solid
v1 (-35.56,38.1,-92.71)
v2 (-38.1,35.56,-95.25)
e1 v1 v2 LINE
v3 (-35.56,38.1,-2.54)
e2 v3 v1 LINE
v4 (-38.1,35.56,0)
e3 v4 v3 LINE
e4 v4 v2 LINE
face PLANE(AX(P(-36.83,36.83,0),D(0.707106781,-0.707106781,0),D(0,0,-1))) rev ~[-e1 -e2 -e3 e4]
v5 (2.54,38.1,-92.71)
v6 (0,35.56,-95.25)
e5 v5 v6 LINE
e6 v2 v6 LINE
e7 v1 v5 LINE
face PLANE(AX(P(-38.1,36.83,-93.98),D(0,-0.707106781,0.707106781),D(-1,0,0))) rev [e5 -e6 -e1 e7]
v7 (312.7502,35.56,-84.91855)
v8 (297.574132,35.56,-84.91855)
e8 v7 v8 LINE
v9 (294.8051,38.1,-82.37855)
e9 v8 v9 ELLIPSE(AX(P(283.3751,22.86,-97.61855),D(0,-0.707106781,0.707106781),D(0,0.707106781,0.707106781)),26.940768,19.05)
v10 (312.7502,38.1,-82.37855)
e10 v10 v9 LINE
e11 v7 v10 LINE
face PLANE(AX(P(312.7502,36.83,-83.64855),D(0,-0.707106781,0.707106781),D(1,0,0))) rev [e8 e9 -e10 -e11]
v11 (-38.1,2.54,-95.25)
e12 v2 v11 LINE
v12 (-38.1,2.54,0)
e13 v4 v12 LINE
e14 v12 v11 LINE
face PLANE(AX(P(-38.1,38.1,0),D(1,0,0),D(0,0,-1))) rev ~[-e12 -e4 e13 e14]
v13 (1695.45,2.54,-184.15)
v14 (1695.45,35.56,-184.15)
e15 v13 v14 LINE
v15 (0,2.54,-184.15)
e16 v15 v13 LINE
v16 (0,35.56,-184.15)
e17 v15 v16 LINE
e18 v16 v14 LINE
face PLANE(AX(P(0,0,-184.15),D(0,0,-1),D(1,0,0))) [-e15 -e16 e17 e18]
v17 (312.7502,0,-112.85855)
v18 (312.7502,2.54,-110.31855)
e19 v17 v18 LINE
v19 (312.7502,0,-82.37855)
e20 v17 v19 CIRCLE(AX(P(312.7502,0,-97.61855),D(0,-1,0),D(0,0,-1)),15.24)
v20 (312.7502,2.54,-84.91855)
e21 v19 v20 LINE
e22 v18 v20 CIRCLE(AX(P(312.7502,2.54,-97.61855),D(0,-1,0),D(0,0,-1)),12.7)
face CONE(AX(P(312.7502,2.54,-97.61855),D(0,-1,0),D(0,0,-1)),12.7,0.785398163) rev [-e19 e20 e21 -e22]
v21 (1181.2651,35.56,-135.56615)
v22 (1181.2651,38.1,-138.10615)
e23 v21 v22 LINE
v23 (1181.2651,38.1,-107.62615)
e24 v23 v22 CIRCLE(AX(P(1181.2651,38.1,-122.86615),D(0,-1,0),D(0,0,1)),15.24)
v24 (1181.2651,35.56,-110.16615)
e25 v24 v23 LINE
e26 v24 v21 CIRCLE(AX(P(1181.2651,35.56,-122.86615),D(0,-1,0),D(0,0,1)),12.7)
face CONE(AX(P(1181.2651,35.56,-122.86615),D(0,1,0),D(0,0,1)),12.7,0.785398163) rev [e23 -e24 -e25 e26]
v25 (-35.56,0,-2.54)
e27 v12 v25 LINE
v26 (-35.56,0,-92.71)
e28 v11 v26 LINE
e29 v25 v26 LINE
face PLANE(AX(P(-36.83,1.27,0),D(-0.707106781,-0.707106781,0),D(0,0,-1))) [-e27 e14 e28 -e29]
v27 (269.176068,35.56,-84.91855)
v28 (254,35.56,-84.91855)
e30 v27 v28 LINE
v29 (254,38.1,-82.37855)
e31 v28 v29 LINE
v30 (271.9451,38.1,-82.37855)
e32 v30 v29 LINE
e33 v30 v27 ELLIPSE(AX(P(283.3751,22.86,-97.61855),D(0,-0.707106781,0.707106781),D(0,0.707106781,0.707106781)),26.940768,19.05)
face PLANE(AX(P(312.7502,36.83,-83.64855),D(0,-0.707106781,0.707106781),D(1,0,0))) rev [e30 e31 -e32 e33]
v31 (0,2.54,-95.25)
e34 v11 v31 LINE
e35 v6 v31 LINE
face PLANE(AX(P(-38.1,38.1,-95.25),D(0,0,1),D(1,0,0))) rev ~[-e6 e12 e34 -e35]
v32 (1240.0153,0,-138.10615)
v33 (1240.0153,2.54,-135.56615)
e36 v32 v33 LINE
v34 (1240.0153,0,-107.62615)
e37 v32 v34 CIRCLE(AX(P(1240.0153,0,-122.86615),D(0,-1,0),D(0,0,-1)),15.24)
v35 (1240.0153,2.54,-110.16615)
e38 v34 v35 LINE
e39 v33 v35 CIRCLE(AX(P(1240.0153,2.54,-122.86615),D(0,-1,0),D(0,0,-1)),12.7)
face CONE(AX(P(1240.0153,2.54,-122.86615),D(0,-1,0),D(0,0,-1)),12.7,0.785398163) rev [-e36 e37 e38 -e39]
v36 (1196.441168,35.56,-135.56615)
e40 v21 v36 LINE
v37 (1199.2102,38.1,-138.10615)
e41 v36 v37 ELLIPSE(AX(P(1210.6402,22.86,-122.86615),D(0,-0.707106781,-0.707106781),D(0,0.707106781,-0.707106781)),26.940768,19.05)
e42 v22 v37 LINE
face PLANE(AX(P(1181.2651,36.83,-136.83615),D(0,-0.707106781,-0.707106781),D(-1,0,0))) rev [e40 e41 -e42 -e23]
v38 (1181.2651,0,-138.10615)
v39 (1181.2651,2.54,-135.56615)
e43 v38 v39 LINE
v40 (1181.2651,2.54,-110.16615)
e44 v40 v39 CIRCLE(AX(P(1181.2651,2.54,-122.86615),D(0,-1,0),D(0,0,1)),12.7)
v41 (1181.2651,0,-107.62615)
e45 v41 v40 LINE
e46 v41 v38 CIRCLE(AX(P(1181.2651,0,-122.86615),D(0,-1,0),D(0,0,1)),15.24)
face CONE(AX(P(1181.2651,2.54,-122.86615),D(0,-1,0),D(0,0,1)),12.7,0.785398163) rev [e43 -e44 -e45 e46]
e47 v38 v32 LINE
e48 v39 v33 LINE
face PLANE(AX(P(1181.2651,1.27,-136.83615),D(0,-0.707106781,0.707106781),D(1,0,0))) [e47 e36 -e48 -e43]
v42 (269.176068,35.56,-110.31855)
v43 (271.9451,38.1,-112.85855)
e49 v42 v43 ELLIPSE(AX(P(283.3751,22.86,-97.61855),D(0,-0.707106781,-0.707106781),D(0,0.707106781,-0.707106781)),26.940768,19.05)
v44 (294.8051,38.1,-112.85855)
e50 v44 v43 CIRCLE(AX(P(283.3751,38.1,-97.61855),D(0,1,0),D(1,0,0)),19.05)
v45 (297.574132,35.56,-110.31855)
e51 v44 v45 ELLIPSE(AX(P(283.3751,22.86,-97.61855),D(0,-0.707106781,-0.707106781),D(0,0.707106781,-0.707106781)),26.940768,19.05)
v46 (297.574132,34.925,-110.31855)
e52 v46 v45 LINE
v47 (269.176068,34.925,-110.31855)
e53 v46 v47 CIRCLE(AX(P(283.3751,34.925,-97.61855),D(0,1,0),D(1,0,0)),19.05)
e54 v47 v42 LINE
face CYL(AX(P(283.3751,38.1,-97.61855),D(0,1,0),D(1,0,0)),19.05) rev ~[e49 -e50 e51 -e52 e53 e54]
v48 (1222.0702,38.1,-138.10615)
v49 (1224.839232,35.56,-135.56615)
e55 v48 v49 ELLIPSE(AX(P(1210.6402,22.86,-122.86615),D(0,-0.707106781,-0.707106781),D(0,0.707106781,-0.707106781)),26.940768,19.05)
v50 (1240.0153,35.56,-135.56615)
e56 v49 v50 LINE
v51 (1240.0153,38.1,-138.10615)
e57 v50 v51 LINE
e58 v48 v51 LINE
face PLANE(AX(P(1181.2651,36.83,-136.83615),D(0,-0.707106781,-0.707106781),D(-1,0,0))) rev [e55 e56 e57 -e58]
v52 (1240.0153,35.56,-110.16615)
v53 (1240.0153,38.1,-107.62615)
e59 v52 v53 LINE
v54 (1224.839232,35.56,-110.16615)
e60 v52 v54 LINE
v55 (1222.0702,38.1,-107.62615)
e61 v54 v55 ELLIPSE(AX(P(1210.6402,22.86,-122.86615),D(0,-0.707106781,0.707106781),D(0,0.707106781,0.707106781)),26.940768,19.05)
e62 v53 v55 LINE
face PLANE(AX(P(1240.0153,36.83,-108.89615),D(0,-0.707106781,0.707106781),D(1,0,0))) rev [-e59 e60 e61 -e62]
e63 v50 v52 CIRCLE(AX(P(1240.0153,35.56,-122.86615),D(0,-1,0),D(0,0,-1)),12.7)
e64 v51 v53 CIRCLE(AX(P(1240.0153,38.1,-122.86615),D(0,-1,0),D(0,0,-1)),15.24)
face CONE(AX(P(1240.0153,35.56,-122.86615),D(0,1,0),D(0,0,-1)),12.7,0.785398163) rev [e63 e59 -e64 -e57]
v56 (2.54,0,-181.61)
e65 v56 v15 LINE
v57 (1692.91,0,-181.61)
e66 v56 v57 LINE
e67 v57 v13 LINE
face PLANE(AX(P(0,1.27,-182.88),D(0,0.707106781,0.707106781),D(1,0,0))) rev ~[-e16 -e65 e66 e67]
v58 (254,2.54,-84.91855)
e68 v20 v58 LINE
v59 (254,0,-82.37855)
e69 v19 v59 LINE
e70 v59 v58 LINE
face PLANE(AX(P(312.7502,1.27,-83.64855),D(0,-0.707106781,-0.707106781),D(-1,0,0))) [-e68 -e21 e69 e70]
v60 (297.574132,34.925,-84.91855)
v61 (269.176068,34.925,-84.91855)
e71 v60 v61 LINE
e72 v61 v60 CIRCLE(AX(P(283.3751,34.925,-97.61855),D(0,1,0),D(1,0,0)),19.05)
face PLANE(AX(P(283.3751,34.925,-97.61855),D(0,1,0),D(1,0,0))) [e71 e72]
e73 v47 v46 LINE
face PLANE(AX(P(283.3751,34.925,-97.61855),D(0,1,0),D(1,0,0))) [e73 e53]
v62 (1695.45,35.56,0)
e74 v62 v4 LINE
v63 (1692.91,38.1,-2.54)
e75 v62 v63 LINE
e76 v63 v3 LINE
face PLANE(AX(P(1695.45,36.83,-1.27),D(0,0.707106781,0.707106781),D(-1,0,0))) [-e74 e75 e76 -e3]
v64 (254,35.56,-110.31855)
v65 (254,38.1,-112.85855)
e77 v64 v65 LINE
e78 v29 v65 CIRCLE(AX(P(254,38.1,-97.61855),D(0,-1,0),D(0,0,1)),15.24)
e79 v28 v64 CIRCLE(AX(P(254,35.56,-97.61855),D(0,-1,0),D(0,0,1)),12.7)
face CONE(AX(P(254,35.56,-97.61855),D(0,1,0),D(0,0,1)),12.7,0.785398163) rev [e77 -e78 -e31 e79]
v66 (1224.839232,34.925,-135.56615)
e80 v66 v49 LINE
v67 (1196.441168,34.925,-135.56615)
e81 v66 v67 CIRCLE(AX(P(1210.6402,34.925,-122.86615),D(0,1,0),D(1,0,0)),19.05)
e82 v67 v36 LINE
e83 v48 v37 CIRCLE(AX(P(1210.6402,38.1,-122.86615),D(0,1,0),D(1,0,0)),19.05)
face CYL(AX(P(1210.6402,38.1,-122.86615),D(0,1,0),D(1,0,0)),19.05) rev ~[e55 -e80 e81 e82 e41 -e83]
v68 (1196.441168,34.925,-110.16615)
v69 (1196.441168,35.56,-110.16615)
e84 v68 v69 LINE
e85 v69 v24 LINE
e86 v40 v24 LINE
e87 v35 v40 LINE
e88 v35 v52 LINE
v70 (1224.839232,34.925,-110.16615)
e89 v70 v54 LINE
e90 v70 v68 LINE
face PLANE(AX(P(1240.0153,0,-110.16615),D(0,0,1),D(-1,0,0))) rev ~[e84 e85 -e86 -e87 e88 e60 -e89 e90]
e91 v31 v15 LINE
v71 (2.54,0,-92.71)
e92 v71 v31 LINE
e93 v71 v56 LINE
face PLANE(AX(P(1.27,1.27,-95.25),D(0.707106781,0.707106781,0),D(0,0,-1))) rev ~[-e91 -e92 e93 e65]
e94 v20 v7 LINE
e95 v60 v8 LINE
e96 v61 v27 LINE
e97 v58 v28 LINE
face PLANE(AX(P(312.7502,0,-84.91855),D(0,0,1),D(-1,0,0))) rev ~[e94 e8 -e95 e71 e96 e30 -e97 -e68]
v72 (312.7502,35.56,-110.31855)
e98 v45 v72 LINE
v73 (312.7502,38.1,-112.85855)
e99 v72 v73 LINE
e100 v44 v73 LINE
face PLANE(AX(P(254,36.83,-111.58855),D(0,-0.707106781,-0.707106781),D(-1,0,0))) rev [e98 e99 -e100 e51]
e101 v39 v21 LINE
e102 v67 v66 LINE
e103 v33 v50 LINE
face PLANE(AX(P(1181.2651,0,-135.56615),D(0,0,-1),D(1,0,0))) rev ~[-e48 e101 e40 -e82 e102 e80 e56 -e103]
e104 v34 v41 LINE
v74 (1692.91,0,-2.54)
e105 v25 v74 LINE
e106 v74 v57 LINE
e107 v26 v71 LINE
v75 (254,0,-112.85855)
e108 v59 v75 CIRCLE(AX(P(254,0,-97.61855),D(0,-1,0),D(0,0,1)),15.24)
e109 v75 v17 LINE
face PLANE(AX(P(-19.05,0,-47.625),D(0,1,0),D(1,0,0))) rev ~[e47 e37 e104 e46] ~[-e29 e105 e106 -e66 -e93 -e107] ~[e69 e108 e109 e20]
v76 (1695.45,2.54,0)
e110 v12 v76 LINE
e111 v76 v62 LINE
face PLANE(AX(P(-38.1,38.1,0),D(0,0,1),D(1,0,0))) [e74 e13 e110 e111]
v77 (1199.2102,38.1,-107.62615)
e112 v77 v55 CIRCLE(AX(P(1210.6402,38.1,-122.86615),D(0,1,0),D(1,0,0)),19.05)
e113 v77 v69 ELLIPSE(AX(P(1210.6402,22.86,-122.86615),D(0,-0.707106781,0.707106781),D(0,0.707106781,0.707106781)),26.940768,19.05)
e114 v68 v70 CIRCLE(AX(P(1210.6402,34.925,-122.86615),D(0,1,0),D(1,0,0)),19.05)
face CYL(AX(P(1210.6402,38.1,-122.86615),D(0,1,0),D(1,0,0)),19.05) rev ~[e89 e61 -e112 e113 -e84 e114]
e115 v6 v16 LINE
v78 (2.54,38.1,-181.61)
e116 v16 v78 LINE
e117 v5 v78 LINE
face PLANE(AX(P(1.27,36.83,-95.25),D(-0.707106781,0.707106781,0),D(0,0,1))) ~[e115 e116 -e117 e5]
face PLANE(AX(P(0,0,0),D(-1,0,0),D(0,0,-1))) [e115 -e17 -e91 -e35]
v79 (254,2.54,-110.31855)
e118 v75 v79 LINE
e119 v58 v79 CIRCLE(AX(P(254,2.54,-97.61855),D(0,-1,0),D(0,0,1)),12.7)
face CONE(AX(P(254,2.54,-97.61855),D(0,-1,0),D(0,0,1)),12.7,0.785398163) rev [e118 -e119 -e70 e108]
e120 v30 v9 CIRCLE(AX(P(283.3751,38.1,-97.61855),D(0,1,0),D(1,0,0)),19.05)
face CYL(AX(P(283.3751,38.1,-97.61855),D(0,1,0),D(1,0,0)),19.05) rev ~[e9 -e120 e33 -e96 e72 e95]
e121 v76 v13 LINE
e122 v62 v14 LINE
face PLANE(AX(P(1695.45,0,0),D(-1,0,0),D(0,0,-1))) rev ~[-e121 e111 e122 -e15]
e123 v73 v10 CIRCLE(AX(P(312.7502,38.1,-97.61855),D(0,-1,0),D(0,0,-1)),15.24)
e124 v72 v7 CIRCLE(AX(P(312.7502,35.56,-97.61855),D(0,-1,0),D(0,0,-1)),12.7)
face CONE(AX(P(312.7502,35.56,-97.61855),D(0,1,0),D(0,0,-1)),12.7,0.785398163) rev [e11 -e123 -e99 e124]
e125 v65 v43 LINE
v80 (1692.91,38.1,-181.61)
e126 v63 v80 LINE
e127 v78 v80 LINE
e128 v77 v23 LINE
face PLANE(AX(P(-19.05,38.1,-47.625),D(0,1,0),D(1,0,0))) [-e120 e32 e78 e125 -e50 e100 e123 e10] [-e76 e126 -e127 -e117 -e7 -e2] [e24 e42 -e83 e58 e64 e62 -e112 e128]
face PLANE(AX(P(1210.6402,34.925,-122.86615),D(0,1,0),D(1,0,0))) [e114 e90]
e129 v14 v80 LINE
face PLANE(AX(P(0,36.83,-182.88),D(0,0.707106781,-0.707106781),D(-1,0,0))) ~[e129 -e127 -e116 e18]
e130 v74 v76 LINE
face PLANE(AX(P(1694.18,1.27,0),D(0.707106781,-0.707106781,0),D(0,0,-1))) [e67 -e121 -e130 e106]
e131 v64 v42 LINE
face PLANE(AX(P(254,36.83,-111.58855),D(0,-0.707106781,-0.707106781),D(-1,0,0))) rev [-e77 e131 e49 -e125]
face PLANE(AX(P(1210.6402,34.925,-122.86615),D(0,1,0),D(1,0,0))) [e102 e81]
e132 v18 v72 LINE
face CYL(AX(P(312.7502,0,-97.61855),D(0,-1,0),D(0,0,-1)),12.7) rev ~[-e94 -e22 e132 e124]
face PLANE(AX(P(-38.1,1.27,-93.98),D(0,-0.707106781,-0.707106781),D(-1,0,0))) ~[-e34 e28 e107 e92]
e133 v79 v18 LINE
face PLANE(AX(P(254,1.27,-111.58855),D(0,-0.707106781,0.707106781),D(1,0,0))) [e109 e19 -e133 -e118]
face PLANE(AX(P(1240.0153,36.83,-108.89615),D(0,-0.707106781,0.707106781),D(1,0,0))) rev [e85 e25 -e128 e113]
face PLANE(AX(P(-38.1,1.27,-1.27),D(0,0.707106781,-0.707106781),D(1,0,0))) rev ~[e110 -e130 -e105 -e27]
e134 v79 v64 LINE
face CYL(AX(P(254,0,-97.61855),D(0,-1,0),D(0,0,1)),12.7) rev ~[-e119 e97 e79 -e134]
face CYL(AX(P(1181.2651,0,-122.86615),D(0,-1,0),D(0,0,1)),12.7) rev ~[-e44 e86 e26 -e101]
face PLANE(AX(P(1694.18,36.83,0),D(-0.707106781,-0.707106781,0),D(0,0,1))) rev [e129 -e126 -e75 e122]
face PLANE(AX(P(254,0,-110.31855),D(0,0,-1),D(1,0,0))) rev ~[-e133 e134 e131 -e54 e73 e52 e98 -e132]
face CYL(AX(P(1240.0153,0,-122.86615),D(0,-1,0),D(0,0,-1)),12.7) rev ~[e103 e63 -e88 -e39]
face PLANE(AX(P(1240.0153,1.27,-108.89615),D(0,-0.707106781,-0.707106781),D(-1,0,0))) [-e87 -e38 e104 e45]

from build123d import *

# Parameters (mm, degrees)
SKETCH1_W           = 1695.45
SKETCH1_H           = 184.15
BOSS_EXTRUDE1_DEPTH = 38.1
SKETCH2_W           = 38.1
SKETCH2_H           = 95.25
BOSS_EXTRUDE3_DEPTH = 38.1
CHAMFER1_SIZE       = 2.54
CHAMFER2_SIZE       = 2.54
SKETCH3_R           = 19.05
CUT_EXTRUDE1_DEPTH  = 3.175


with BuildPart() as part:
    # Sketch1 → Boss-Extrude1 (new body)
    with BuildSketch(Plane(origin=(0, 0, 0), x_dir=(1, 0, 0), z_dir=(0, 1, 0))):
        with Locations((847.725, 92.075)):
            Rectangle(SKETCH1_W, SKETCH1_H)
        with BuildLine():
            Line((1181.2651, 135.56615), (1240.0153, 135.56615))
            ThreePointArc((1240.0153, 135.56615), (1252.7153, 122.86615), (1240.0153, 110.16615))
            Line((1240.0153, 110.16615), (1181.2651, 110.16615))
            ThreePointArc((1181.2651, 110.16615), (1168.5651, 122.86615), (1181.2651, 135.56615))
        make_face(mode=Mode.SUBTRACT)
        with BuildLine():
            Line((254, 110.31855), (312.7502, 110.31855))
            ThreePointArc((312.7502, 110.31855), (325.4502, 97.61855), (312.7502, 84.91855))
            Line((312.7502, 84.91855), (254, 84.91855))
            ThreePointArc((254, 84.91855), (241.3, 97.61855), (254, 110.31855))
        make_face(mode=Mode.SUBTRACT)
    extrude(amount=BOSS_EXTRUDE1_DEPTH)

    # Sketch2 → Boss-Extrude3 (add, through all)
    with BuildSketch(Plane(origin=(0, 38.1, 0), x_dir=(1, 0, 0), z_dir=(0, 1, 0))):
        with Locations((-19.05, 47.625)):
            Rectangle(SKETCH2_W, SKETCH2_H)
    extrude(amount=-BOSS_EXTRUDE3_DEPTH)

    # Chamfer1
    chamfer1_edges = [part.edges().sort_by_distance(p)[0] for p in [
        (1695.45, 38.1, -92.075),
        (1252.7153, 38.1, -122.86615),
        (847.725, 38.1, -184.15),
        (1210.6402, 38.1, -135.56615),
        (1168.5651, 38.1, -122.86615),
        (1210.6402, 38.1, -110.16615),
        (325.4502, 38.1, -97.61855),
        (283.3751, 38.1, -110.31855),
        (241.3, 38.1, -97.61855),
        (283.3751, 38.1, -84.91855),
        (-19.05, 38.1, -95.25),
        (-38.1, 38.1, -47.625),
        (0, 38.1, -139.7),
        (828.675, 38.1, 0),
    ]]
    chamfer(chamfer1_edges, length=CHAMFER1_SIZE)

    # Chamfer2
    chamfer2_edges = [part.edges().sort_by_distance(p)[0] for p in [
        (1252.7153, 0, -122.86615),
        (1210.6402, 0, -135.56615),
        (1168.5651, 0, -122.86615),
        (1210.6402, 0, -110.16615),
        (325.4502, 0, -97.61855),
        (283.3751, 0, -110.31855),
        (241.3, 0, -97.61855),
        (283.3751, 0, -84.91855),
        (-38.1, 0, -47.625),
        (-19.05, 0, -95.25),
        (847.725, 0, -184.15),
        (1695.45, 0, -92.075),
        (828.675, 0, 0),
        (0, 0, -139.7),
    ]]
    chamfer(chamfer2_edges, length=CHAMFER2_SIZE)

    # Sketch3 → Cut-Extrude1 (cut)
    with BuildSketch(Plane(origin=(0, 38.1, 0), x_dir=(1, 0, 0), z_dir=(0, 1, 0))):
        with Locations((1210.6402, 122.86615)):
            Circle(SKETCH3_R)
        with Locations((283.3751, 97.61855)):
            Circle(SKETCH3_R)
    extrude(amount=-CUT_EXTRUDE1_DEPTH, mode=Mode.SUBTRACT)


solid = part.part
